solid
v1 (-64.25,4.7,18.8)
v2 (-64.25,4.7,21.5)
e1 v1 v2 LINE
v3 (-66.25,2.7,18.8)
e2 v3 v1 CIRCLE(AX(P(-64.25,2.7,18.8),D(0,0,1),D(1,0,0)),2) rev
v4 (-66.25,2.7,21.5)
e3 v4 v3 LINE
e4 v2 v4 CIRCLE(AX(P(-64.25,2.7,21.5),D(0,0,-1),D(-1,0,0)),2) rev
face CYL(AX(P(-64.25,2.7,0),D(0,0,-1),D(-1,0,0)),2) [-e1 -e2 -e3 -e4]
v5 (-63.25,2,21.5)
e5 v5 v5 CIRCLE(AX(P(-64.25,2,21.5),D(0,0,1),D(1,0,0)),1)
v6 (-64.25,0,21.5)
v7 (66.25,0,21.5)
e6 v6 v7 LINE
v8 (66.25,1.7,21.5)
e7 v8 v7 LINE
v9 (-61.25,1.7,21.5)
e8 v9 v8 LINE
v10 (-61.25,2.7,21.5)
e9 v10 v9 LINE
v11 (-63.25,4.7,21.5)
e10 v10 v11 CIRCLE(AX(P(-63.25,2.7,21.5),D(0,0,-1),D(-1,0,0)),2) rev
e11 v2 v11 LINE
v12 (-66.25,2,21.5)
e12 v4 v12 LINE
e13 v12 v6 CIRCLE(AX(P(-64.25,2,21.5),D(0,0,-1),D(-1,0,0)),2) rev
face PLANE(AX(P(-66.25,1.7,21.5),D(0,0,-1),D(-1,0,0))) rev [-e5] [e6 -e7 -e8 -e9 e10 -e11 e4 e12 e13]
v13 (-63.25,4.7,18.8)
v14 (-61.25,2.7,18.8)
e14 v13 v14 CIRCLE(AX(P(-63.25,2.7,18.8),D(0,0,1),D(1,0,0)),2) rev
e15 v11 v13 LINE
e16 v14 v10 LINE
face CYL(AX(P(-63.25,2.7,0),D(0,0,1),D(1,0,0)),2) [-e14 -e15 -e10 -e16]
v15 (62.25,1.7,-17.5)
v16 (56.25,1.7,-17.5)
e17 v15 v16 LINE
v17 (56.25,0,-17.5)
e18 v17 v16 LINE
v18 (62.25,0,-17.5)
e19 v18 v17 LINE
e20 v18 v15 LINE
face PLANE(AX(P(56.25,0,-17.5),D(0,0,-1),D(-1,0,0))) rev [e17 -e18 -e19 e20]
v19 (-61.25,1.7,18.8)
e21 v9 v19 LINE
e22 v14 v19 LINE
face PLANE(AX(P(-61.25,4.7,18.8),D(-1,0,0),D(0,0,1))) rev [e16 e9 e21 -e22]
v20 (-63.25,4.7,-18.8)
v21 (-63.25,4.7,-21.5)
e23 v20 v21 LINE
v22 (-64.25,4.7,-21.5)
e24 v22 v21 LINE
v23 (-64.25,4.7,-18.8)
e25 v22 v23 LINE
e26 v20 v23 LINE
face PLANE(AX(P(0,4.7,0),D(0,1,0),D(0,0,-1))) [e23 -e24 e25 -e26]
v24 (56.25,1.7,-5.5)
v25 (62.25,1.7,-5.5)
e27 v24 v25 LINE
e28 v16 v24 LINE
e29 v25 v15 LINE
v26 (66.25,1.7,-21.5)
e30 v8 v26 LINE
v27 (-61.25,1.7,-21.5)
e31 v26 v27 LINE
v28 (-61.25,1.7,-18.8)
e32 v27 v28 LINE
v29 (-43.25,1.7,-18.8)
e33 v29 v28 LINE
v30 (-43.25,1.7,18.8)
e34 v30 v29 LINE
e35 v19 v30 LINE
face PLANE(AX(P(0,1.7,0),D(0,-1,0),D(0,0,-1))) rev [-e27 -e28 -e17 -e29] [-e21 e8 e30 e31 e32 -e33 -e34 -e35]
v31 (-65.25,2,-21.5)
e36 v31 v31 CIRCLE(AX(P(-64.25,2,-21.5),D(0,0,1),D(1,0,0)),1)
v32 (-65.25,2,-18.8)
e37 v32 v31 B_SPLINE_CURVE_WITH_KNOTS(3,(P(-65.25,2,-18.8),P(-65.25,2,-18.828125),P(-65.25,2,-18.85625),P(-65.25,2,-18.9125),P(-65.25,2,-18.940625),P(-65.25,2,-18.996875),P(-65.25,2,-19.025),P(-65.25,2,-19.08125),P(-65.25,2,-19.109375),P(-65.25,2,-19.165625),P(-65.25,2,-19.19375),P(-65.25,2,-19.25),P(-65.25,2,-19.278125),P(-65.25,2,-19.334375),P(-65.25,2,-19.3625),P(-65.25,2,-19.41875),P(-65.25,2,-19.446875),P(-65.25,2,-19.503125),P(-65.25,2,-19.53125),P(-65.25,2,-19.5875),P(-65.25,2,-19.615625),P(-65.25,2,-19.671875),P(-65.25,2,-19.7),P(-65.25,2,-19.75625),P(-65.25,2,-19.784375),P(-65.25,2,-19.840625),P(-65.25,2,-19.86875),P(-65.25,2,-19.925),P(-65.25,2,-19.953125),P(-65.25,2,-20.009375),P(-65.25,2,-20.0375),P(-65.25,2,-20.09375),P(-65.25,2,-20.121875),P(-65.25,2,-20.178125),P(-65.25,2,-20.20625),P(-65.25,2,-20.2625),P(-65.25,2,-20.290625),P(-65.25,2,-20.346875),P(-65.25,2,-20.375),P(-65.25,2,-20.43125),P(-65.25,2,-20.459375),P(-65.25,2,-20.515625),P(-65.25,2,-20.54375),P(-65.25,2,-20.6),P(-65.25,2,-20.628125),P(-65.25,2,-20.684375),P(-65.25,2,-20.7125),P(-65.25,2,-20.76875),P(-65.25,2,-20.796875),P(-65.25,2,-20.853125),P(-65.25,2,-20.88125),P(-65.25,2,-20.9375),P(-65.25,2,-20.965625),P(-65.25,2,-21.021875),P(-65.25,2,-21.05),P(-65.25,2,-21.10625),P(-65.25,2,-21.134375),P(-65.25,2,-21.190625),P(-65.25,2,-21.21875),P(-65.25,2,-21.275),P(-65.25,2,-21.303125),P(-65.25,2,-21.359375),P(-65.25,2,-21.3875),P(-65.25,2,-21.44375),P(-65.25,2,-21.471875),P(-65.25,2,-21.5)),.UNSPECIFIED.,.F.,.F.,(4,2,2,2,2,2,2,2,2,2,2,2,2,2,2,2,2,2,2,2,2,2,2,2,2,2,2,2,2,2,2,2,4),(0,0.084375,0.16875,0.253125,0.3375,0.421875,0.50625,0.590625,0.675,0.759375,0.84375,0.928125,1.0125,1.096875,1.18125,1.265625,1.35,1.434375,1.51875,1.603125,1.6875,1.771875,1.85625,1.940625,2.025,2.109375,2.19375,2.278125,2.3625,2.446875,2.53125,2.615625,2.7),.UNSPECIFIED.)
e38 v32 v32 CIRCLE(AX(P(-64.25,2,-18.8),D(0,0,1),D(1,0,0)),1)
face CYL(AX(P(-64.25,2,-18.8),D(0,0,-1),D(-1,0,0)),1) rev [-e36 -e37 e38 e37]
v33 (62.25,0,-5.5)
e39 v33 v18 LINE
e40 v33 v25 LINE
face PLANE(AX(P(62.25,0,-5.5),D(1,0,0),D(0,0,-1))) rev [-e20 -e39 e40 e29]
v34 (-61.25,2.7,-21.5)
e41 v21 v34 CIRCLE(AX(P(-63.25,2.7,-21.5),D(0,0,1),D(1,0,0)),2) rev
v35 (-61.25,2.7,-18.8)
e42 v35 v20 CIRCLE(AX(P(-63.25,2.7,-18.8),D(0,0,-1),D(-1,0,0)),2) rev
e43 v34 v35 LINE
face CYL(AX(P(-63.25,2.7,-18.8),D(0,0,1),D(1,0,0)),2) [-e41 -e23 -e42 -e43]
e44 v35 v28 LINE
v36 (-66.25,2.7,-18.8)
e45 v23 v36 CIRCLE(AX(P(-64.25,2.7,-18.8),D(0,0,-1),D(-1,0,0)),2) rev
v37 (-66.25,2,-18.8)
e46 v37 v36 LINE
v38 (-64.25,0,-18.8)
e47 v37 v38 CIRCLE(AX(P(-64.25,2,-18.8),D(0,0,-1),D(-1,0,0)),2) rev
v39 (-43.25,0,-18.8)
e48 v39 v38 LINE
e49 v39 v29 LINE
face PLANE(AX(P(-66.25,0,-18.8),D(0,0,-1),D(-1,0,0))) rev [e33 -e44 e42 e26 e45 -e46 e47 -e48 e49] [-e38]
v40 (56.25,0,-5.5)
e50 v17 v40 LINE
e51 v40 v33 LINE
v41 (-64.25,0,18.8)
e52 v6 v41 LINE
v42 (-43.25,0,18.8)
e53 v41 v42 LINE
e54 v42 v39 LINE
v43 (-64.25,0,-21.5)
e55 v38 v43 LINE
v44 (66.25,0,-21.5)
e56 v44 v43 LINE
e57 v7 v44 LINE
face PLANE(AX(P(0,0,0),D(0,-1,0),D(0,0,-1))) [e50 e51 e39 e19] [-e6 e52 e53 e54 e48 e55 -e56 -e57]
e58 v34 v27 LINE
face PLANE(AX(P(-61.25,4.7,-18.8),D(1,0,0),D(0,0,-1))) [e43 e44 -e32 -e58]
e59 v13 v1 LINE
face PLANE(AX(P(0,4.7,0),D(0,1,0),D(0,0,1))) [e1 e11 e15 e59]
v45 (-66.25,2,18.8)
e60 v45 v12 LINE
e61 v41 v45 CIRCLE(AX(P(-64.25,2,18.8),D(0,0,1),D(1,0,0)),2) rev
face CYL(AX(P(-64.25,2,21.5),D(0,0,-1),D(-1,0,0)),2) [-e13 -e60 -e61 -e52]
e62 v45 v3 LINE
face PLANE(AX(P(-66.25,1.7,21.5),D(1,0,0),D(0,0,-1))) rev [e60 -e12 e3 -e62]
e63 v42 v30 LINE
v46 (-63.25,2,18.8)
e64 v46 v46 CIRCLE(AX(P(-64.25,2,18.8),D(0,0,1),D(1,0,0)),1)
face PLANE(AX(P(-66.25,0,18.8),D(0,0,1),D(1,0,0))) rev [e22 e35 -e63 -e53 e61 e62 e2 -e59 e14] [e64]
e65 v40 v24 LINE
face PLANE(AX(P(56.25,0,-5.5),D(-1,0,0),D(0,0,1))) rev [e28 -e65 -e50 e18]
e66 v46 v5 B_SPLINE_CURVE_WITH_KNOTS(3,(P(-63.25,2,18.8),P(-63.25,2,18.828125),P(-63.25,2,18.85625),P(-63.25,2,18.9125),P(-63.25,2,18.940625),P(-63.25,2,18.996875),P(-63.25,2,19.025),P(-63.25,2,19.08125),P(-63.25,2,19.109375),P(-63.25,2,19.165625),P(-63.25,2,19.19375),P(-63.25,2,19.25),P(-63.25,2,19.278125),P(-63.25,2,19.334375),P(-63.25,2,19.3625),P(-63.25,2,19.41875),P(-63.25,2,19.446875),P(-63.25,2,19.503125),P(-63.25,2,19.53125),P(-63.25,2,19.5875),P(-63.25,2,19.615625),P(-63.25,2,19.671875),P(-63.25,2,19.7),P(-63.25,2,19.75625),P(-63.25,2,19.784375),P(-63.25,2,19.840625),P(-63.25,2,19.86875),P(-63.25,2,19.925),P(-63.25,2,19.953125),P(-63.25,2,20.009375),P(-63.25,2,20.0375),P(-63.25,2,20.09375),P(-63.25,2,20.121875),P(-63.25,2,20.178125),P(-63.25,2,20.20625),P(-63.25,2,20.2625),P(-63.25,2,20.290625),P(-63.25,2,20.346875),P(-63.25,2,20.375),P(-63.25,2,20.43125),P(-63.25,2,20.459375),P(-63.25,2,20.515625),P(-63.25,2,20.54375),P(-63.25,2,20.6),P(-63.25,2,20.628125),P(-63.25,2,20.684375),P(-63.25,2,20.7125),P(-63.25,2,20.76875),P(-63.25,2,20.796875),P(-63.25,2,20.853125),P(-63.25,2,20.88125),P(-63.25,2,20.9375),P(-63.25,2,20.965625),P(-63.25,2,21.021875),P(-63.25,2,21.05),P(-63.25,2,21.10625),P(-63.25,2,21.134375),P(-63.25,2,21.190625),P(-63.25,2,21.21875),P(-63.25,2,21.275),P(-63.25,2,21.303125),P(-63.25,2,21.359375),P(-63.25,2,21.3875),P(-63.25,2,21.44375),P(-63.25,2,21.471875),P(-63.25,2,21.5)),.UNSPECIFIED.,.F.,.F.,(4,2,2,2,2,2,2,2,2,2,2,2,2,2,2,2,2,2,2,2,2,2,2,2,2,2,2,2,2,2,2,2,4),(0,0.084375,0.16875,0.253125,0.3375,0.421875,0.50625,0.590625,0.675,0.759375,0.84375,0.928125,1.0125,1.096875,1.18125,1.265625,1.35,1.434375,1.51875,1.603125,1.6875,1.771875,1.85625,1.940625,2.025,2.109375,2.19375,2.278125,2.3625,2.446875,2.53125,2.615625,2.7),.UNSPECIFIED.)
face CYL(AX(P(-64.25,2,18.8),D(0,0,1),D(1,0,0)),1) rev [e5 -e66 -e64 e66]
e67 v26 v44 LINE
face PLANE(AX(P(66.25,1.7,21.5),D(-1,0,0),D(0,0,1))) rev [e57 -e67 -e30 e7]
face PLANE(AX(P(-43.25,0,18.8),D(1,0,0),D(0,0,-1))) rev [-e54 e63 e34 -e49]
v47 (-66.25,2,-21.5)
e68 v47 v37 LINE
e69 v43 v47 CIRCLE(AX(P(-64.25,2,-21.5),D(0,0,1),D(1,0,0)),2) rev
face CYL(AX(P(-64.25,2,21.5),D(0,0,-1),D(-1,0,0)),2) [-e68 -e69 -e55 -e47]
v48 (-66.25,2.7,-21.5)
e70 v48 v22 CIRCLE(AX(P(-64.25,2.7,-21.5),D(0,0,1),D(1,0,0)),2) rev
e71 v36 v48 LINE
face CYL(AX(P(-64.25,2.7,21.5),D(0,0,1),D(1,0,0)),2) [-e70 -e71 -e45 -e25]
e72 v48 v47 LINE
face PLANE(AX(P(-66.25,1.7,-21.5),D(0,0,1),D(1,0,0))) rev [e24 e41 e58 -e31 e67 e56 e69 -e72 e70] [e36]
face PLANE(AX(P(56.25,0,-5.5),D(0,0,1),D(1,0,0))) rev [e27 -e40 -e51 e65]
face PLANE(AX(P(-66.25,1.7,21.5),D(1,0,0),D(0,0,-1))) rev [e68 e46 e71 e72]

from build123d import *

# Parameters (mm, degrees)
SKETCH1_W            = 132.5
SKETCH1_H            = 43
BOSS_EXTRUDE1_DEPTH  = 1.7
SKETCH2_W            = 23
SKETCH2_H            = 37.6
CUT_EXTRUDE1_DEPTH   = 1.7
SKETCH4_W            = 5
SKETCH4_H            = 2.7
BOSS_EXTRUDE2_DEPTH  = 3
SKETCH5_R            = 1
CUT_EXTRUDE2_DEPTH   = 2.7
FILLET1_R            = 2
FILLET1_OF_MIRROR2_R = 2
SKETCH10_W           = 6
SKETCH10_H           = 12
CUT_EXTRUDE3_DEPTH   = 1.7


with BuildPart() as part:
    # Sketch1 → Boss-Extrude1 (new body)
    with BuildSketch(Plane(origin=(0, 0, 0), x_dir=(1, 0, 0), z_dir=(0, 1, 0))):
        Rectangle(SKETCH1_W, SKETCH1_H)
    extrude(amount=BOSS_EXTRUDE1_DEPTH)

    # Sketch2 → Cut-Extrude1 (cut)
    with BuildSketch(Plane(origin=(0, 1.7, 0), x_dir=(1, 0, 0), z_dir=(0, 1, 0))):
        with Locations((-54.75, 0)):
            Rectangle(SKETCH2_W, SKETCH2_H)
    extrude(amount=-CUT_EXTRUDE1_DEPTH, mode=Mode.SUBTRACT)

    # Sketch4 → Boss-Extrude2 (add)
    with BuildSketch(Plane(origin=(0, 1.7, 0), x_dir=(1, 0, 0), z_dir=(0, 1, 0))):
        with Locations((-63.75, -20.15)):
            Rectangle(SKETCH4_W, SKETCH4_H)
    boss_extrude2 = extrude(amount=BOSS_EXTRUDE2_DEPTH)

    # Sketch5 → Cut-Extrude2 (cut)
    with BuildSketch(Plane.XY.offset(21.5)):
        with Locations((-64.25, 2)):
            Circle(SKETCH5_R)
    cut_extrude2 = extrude(amount=-CUT_EXTRUDE2_DEPTH, mode=Mode.SUBTRACT)

    # Fillet1
    fillet1_edges = [part.edges().sort_by_distance(p)[0] for p in [
        (-66.25, 0, 20.15),
        (-66.25, 4.7, 20.15),
        (-61.25, 4.7, 20.15),
    ]]
    fillet(fillet1_edges, radius=FILLET1_R)

    # Mirror2: Boss-Extrude2, Cut-Extrude2 across plane
    add(boss_extrude2.mirror(Plane.XY))
    add(cut_extrude2.mirror(Plane.XY), mode=Mode.SUBTRACT)

    # Fillet1 of Mirror2
    fillet1_of_mirror2_edges = [part.edges().sort_by_distance(p)[0] for p in [
        (-66.25, 0, -20.15),
        (-66.25, 4.7, -20.15),
        (-61.25, 4.7, -20.15),
    ]]
    fillet(fillet1_of_mirror2_edges, radius=FILLET1_OF_MIRROR2_R)

    # Sketch10 → Cut-Extrude3 (cut)
    with BuildSketch(Plane(origin=(0, 1.7, 0), x_dir=(1, 0, 0), z_dir=(0, 1, 0))):
        with Locations((59.25, 11.5)):
            Rectangle(SKETCH10_W, SKETCH10_H)
    extrude(amount=-CUT_EXTRUDE3_DEPTH, mode=Mode.SUBTRACT)


solid = part.part
